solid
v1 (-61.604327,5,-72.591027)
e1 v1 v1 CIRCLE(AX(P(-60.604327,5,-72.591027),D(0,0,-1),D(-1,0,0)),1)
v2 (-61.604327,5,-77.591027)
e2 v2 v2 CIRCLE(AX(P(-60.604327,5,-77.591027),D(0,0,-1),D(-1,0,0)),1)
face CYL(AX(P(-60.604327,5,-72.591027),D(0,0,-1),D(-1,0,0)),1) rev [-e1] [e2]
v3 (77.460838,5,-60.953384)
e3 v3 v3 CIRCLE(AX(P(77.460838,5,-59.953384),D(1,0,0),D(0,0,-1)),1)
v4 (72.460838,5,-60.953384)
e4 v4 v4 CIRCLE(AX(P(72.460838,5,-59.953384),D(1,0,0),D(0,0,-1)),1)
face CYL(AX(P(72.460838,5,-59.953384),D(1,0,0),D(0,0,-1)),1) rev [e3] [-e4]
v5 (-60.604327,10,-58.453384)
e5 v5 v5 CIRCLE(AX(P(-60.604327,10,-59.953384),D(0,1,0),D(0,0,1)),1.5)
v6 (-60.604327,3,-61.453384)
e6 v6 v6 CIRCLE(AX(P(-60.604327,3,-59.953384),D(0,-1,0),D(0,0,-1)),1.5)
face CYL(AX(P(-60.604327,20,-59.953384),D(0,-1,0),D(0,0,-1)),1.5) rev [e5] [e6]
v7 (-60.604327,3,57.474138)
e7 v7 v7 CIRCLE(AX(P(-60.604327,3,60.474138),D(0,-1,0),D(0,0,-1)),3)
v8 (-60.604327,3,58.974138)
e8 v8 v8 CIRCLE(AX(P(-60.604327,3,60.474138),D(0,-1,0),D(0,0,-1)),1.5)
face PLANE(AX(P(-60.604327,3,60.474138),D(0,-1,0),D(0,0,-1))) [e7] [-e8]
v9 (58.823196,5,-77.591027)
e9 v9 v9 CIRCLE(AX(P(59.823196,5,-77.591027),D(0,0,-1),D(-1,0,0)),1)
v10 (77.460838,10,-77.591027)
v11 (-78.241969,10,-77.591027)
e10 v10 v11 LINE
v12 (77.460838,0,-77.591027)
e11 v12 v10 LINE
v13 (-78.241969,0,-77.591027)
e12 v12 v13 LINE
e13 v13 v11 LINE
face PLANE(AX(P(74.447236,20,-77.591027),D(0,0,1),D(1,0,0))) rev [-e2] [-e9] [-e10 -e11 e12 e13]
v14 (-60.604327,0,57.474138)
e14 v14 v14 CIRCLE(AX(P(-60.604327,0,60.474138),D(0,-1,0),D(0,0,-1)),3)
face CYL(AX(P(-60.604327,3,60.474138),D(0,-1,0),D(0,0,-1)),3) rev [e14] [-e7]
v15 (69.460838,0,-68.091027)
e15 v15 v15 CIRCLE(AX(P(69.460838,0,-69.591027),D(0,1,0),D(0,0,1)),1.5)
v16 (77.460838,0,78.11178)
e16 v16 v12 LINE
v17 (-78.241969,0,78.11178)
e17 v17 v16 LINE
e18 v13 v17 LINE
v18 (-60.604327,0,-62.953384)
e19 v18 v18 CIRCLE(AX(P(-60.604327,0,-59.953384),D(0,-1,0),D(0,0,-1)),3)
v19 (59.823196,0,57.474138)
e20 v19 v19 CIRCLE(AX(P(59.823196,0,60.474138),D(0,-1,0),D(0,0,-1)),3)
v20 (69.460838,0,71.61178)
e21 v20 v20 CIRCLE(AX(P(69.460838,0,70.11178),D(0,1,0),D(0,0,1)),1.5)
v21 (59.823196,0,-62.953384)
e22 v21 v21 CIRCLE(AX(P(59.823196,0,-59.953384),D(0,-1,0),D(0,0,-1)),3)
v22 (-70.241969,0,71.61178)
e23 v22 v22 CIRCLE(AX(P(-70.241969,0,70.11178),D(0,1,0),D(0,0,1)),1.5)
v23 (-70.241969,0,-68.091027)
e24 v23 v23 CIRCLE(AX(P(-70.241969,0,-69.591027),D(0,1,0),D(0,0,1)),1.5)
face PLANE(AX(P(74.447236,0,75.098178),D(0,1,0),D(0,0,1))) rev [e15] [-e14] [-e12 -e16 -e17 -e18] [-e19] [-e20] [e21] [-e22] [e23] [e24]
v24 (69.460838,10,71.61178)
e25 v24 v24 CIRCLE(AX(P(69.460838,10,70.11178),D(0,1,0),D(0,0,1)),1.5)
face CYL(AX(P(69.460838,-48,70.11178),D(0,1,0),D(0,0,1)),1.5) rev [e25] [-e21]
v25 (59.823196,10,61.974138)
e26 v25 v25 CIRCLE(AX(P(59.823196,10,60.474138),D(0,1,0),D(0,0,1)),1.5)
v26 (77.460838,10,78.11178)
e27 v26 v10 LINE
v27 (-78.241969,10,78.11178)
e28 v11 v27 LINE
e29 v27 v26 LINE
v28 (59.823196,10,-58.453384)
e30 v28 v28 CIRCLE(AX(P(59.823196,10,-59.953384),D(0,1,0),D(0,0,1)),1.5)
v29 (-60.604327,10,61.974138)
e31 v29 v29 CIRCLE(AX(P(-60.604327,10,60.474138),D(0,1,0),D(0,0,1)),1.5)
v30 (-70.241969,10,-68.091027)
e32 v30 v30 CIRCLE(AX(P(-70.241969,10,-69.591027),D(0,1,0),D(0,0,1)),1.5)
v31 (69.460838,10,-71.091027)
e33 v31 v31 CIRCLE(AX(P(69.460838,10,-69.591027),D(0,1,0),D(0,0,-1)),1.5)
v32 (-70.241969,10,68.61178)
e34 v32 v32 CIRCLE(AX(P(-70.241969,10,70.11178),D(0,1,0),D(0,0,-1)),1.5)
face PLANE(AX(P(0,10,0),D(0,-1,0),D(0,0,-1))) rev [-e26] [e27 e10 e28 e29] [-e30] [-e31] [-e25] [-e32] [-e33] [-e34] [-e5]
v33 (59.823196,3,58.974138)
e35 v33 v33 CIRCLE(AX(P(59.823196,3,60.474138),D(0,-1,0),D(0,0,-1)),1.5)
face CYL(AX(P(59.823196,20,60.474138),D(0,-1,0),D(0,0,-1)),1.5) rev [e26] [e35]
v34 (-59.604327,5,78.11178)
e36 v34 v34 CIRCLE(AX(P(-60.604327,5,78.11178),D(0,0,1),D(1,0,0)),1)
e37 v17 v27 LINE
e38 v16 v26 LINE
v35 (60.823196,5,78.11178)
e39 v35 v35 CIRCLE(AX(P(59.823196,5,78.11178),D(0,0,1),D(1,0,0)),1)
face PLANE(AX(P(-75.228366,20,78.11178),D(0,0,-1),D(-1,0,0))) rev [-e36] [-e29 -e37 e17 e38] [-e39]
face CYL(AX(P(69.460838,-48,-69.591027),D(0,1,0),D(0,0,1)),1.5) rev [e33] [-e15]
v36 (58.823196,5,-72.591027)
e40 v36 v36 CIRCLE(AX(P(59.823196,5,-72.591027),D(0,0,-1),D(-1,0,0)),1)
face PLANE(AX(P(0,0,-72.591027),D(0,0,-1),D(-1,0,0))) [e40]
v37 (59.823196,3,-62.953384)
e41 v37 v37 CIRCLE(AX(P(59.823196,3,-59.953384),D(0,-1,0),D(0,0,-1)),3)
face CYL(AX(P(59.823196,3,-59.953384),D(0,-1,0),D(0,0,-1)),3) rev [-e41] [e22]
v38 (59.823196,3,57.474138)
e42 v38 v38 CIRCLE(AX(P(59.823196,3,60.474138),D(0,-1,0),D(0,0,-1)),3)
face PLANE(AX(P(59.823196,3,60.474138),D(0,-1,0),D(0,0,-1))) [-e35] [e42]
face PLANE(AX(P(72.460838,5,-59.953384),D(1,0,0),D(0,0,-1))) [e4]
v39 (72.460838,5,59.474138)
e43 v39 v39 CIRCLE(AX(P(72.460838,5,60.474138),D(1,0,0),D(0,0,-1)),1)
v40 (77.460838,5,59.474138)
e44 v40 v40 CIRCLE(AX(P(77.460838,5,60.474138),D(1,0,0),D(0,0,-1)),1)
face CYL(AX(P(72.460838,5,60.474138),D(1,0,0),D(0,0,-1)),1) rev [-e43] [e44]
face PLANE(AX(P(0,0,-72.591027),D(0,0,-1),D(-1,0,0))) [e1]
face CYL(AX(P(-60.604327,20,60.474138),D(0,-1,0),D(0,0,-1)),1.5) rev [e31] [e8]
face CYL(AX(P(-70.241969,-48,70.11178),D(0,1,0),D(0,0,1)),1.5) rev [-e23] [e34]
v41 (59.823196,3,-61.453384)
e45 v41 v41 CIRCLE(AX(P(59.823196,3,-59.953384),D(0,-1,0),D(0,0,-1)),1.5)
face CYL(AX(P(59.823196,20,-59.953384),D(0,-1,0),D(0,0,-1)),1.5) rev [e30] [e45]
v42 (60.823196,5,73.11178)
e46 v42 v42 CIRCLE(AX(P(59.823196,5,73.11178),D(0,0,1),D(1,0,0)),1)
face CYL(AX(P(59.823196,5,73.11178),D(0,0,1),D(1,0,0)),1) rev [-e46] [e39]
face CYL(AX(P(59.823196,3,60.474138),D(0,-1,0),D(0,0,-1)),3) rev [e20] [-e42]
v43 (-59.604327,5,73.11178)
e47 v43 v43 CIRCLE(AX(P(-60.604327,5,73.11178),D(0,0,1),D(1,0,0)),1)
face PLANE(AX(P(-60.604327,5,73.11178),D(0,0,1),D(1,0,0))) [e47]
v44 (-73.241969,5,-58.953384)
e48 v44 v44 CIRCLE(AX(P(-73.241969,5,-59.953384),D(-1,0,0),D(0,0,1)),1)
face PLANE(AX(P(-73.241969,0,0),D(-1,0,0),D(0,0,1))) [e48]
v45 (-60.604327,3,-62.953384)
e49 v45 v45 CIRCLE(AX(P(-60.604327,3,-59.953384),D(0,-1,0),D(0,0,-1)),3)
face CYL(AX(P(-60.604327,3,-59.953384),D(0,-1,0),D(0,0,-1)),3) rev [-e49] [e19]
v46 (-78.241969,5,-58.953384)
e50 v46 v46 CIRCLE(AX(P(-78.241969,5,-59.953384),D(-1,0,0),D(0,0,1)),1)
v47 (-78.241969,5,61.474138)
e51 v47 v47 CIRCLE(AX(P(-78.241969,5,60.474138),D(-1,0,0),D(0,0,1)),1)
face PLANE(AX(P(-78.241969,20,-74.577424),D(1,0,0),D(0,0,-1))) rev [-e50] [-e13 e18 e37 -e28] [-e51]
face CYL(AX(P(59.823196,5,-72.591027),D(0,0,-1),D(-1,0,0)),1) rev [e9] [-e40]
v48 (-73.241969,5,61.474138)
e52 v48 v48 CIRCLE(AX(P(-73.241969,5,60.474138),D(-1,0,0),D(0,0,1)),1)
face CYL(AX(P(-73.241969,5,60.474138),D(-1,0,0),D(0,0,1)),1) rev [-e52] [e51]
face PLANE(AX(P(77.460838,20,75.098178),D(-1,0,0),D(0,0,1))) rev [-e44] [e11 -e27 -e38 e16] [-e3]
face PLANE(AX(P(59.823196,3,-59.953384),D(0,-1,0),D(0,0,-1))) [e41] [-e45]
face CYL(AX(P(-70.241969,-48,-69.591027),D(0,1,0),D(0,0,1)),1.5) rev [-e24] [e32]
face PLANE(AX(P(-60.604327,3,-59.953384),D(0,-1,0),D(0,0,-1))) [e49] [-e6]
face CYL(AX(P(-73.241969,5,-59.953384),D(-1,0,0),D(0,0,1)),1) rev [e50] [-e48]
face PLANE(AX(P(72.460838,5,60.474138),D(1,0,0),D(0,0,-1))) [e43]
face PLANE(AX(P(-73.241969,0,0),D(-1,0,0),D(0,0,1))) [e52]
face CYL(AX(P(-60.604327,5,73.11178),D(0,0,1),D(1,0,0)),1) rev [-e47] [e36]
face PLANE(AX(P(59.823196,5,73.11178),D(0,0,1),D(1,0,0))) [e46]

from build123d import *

# Parameters (mm, degrees)
SKETCH1_R           = 1.5
SKETCH1_R_2         = 73
BOSS_EXTRUDE1_DEPTH = 20
SKETCH4_R           = 73
SKETCH4_R_2         = 52.25
BOSS_EXTRUDE2_DEPTH = 10
SKETCH5_R           = 73
BOSS_EXTRUDE3_DEPTH = 10
CUT_EXTRUDE1_DEPTH  = 10
SKETCH7_W           = 155.702807198
SKETCH7_H           = 155.702807198
SKETCH7_R           = 1.5
BOSS_EXTRUDE4_DEPTH = 10
SKETCH8_R           = 1.5
CUT_EXTRUDE2_DEPTH  = 58
SKETCH9_R           = 3
CUT_EXTRUDE3_DEPTH  = 3
SKETCH10_R          = 3
CUT_EXTRUDE4_DEPTH  = 3
SKETCH11_R          = 3
SKETCH11_R_2        = 1.5
BOSS_EXTRUDE6_DEPTH = 3
SKETCH13_R          = 1
CUT_EXTRUDE6_DEPTH  = 5
SKETCH14_R          = 1
CUT_EXTRUDE7_DEPTH  = 5
SKETCH15_R          = 1
CUT_EXTRUDE8_DEPTH  = 5
SKETCH16_R          = 1
CUT_EXTRUDE9_DEPTH  = 5


with BuildPart() as part:
    # Sketch1 → Boss-Extrude1 (new body)
    with BuildSketch(Plane(origin=(0, 0, 0), x_dir=(1, 0, 0), z_dir=(0, 1, 0))):
        with BuildLine():
            Line((77.460838348, -75.098177713), (77.460838348, 74.577424045))
            ThreePointArc((77.460838348, 74.577424045), (76.578174547, 76.708362964), (74.447235628, 77.591026765))
            Line((74.447235628, 77.591026765), (-75.22836613, 77.591026765))
            ThreePointArc((-75.22836613, 77.591026765), (-77.359305049, 76.708362964), (-78.24196885, 74.577424045))
            Line((-78.24196885, 74.577424045), (-78.24196885, -75.098177713))
            ThreePointArc((-78.24196885, -75.098177713), (-77.359305049, -77.229116632), (-75.22836613, -78.111780433))
            Line((-75.22836613, -78.111780433), (74.447235628, -78.111780433))
            ThreePointArc((74.447235628, -78.111780433), (76.578174547, -77.229116632), (77.460838348, -75.098177713))
        make_face()
        with Locations((-60.604326536, -60.47413812)):
            Circle(SKETCH1_R, mode=Mode.SUBTRACT)
        with Locations((-60.604326536, 59.953384452)):
            Circle(SKETCH1_R, mode=Mode.SUBTRACT)
        with Locations((59.823196035, 59.953384452)):
            Circle(SKETCH1_R, mode=Mode.SUBTRACT)
        with Locations((59.823196035, -60.47413812)):
            Circle(SKETCH1_R, mode=Mode.SUBTRACT)
        Circle(SKETCH1_R_2, mode=Mode.SUBTRACT)
    extrude(amount=BOSS_EXTRUDE1_DEPTH)

    # Sketch4 → Boss-Extrude2 (add)
    with BuildSketch(Plane(origin=(0, 20, 0), x_dir=(1, 0, 0), z_dir=(0, 1, 0))):
        Circle(SKETCH4_R)
        Circle(SKETCH4_R_2, mode=Mode.SUBTRACT)
    extrude(amount=-BOSS_EXTRUDE2_DEPTH)

    # Sketch5 → Boss-Extrude3 (add)
    with BuildSketch(Plane.XZ.offset(-10)):
        Circle(SKETCH5_R)
    extrude(amount=BOSS_EXTRUDE3_DEPTH)

    # Sketch6 → Cut-Extrude1 (cut)
    with BuildSketch(Plane(origin=(0, 20, 0), x_dir=(1, 0, 0), z_dir=(0, 1, 0))):
        with BuildLine():
            Line((77.460838348, -75.098177713), (77.460838348, 74.577424045))
            ThreePointArc((77.460838348, 74.577424045), (76.578174547, 76.708362964), (74.447235628, 77.591026765))
            Line((74.447235628, 77.591026765), (-75.22836613, 77.591026765))
            ThreePointArc((-75.22836613, 77.591026765), (-77.359305049, 76.708362964), (-78.24196885, 74.577424045))
            Line((-78.24196885, 74.577424045), (-78.24196885, -75.098177713))
            ThreePointArc((-78.24196885, -75.098177713), (-77.359305049, -77.229116632), (-75.22836613, -78.111780433))
            Line((-75.22836613, -78.111780433), (74.447235628, -78.111780433))
            ThreePointArc((74.447235628, -78.111780433), (76.578174547, -77.229116632), (77.460838348, -75.098177713))
        make_face()
    extrude(amount=-CUT_EXTRUDE1_DEPTH, mode=Mode.SUBTRACT)

    # Sketch7 → Boss-Extrude4 (add)
    with BuildSketch(Plane(origin=(0, 10, 0), x_dir=(1, 0, 0), z_dir=(0, 1, 0))):
        with Locations((-0.390565251, -0.260376834)):
            Rectangle(SKETCH7_W, SKETCH7_H)
        with Locations((59.823196035, 59.953384452)):
            Circle(SKETCH7_R, mode=Mode.SUBTRACT)
        with Locations((59.823196035, -60.47413812)):
            Circle(SKETCH7_R, mode=Mode.SUBTRACT)
        with Locations((-60.604326536, -60.47413812)):
            Circle(SKETCH7_R, mode=Mode.SUBTRACT)
        with Locations((-60.604326536, 59.953384452)):
            Circle(SKETCH7_R, mode=Mode.SUBTRACT)
    extrude(amount=-BOSS_EXTRUDE4_DEPTH)

    # Sketch8 → Cut-Extrude2 (cut)
    with BuildSketch(Plane(origin=(0, 10, 0), x_dir=(1, 0, 0), z_dir=(0, 1, 0))):
        with Locations((-70.24196885, 69.591026765)):
            Circle(SKETCH8_R)
        with Locations((69.460838348, 69.591026765)):
            Circle(SKETCH8_R)
        with Locations((69.460838348, -70.111780433)):
            Circle(SKETCH8_R)
        with Locations((-70.24196885, -70.111780433)):
            Circle(SKETCH8_R)
    extrude(amount=-CUT_EXTRUDE2_DEPTH, mode=Mode.SUBTRACT)

    # Sketch9 → Cut-Extrude3 (cut)
    with BuildSketch(Plane(origin=(0, 10, 0), x_dir=(1, 0, 0), z_dir=(0, 1, 0))):
        with Locations((-60.604326536, 59.953384452)):
            Circle(SKETCH9_R)
        with Locations((59.823196035, 59.953384452)):
            Circle(SKETCH9_R)
        with Locations((59.823196035, -60.47413812)):
            Circle(SKETCH9_R)
        with Locations((-60.604326536, -60.47413812)):
            Circle(SKETCH9_R)
    extrude(amount=-CUT_EXTRUDE3_DEPTH, mode=Mode.SUBTRACT)

    # Sketch10 → Cut-Extrude4 (cut)
    with BuildSketch(Plane.XZ):
        with Locations((59.823196035, -59.953384452)):
            Circle(SKETCH10_R)
        with Locations((-60.604326536, -59.953384452)):
            Circle(SKETCH10_R)
        with Locations((-60.604326536, 60.47413812)):
            Circle(SKETCH10_R)
        with Locations((59.823196035, 60.47413812)):
            Circle(SKETCH10_R)
    extrude(amount=-CUT_EXTRUDE4_DEPTH, mode=Mode.SUBTRACT)

    # Sketch11 → Boss-Extrude6 (add)
    with BuildSketch(Plane(origin=(0, 10, 0), x_dir=(1, 0, 0), z_dir=(0, 1, 0))):
        with Locations((-60.604326536, -60.47413812)):
            Circle(SKETCH11_R)
        with Locations((-60.604326536, -60.47413812)):
            Circle(SKETCH11_R_2, mode=Mode.SUBTRACT)
        with Locations((59.823196035, -60.47413812)):
            Circle(SKETCH11_R)
        with Locations((59.823196035, -60.47413812)):
            Circle(SKETCH11_R_2, mode=Mode.SUBTRACT)
        with Locations((59.823196035, 59.953384452)):
            Circle(SKETCH11_R)
        with Locations((59.823196035, 59.953384452)):
            Circle(SKETCH11_R_2, mode=Mode.SUBTRACT)
        with Locations((-60.604326536, 59.953384452)):
            Circle(SKETCH11_R)
        with Locations((-60.604326536, 59.953384452)):
            Circle(SKETCH11_R_2, mode=Mode.SUBTRACT)
    extrude(amount=-BOSS_EXTRUDE6_DEPTH)

    # Sketch13 → Cut-Extrude6 (cut)
    with BuildSketch(Plane(origin=(0, 0, -77.591026765), x_dir=(-1, 0, 0), z_dir=(0, 0, -1))):
        with Locations((-59.823196035, 5)):
            Circle(SKETCH13_R)
        with Locations((60.604326536, 5)):
            Circle(SKETCH13_R)
    extrude(amount=-CUT_EXTRUDE6_DEPTH, mode=Mode.SUBTRACT)

    # Sketch14 → Cut-Extrude7 (cut)
    with BuildSketch(Plane.ZY.offset(78.24196885)):
        with Locations((-59.953384452, 5)):
            Circle(SKETCH14_R)
        with Locations((60.47413812, 5)):
            Circle(SKETCH14_R)
    extrude(amount=-CUT_EXTRUDE7_DEPTH, mode=Mode.SUBTRACT)

    # Sketch15 → Cut-Extrude8 (cut)
    with BuildSketch(Plane.XY.offset(78.111780433)):
        with Locations((-60.604326536, 5)):
            Circle(SKETCH15_R)
        with Locations((59.823196035, 5)):
            Circle(SKETCH15_R)
    extrude(amount=-CUT_EXTRUDE8_DEPTH, mode=Mode.SUBTRACT)

    # Sketch16 → Cut-Extrude9 (cut)
    with BuildSketch(Plane(origin=(77.460838348, 0, 0), x_dir=(0, 0, -1), z_dir=(1, 0, 0))):
        with Locations((59.953384452, 5)):
            Circle(SKETCH16_R)
        with Locations((-60.47413812, 5)):
            Circle(SKETCH16_R)
    extrude(amount=-CUT_EXTRUDE9_DEPTH, mode=Mode.SUBTRACT)


solid = part.part
